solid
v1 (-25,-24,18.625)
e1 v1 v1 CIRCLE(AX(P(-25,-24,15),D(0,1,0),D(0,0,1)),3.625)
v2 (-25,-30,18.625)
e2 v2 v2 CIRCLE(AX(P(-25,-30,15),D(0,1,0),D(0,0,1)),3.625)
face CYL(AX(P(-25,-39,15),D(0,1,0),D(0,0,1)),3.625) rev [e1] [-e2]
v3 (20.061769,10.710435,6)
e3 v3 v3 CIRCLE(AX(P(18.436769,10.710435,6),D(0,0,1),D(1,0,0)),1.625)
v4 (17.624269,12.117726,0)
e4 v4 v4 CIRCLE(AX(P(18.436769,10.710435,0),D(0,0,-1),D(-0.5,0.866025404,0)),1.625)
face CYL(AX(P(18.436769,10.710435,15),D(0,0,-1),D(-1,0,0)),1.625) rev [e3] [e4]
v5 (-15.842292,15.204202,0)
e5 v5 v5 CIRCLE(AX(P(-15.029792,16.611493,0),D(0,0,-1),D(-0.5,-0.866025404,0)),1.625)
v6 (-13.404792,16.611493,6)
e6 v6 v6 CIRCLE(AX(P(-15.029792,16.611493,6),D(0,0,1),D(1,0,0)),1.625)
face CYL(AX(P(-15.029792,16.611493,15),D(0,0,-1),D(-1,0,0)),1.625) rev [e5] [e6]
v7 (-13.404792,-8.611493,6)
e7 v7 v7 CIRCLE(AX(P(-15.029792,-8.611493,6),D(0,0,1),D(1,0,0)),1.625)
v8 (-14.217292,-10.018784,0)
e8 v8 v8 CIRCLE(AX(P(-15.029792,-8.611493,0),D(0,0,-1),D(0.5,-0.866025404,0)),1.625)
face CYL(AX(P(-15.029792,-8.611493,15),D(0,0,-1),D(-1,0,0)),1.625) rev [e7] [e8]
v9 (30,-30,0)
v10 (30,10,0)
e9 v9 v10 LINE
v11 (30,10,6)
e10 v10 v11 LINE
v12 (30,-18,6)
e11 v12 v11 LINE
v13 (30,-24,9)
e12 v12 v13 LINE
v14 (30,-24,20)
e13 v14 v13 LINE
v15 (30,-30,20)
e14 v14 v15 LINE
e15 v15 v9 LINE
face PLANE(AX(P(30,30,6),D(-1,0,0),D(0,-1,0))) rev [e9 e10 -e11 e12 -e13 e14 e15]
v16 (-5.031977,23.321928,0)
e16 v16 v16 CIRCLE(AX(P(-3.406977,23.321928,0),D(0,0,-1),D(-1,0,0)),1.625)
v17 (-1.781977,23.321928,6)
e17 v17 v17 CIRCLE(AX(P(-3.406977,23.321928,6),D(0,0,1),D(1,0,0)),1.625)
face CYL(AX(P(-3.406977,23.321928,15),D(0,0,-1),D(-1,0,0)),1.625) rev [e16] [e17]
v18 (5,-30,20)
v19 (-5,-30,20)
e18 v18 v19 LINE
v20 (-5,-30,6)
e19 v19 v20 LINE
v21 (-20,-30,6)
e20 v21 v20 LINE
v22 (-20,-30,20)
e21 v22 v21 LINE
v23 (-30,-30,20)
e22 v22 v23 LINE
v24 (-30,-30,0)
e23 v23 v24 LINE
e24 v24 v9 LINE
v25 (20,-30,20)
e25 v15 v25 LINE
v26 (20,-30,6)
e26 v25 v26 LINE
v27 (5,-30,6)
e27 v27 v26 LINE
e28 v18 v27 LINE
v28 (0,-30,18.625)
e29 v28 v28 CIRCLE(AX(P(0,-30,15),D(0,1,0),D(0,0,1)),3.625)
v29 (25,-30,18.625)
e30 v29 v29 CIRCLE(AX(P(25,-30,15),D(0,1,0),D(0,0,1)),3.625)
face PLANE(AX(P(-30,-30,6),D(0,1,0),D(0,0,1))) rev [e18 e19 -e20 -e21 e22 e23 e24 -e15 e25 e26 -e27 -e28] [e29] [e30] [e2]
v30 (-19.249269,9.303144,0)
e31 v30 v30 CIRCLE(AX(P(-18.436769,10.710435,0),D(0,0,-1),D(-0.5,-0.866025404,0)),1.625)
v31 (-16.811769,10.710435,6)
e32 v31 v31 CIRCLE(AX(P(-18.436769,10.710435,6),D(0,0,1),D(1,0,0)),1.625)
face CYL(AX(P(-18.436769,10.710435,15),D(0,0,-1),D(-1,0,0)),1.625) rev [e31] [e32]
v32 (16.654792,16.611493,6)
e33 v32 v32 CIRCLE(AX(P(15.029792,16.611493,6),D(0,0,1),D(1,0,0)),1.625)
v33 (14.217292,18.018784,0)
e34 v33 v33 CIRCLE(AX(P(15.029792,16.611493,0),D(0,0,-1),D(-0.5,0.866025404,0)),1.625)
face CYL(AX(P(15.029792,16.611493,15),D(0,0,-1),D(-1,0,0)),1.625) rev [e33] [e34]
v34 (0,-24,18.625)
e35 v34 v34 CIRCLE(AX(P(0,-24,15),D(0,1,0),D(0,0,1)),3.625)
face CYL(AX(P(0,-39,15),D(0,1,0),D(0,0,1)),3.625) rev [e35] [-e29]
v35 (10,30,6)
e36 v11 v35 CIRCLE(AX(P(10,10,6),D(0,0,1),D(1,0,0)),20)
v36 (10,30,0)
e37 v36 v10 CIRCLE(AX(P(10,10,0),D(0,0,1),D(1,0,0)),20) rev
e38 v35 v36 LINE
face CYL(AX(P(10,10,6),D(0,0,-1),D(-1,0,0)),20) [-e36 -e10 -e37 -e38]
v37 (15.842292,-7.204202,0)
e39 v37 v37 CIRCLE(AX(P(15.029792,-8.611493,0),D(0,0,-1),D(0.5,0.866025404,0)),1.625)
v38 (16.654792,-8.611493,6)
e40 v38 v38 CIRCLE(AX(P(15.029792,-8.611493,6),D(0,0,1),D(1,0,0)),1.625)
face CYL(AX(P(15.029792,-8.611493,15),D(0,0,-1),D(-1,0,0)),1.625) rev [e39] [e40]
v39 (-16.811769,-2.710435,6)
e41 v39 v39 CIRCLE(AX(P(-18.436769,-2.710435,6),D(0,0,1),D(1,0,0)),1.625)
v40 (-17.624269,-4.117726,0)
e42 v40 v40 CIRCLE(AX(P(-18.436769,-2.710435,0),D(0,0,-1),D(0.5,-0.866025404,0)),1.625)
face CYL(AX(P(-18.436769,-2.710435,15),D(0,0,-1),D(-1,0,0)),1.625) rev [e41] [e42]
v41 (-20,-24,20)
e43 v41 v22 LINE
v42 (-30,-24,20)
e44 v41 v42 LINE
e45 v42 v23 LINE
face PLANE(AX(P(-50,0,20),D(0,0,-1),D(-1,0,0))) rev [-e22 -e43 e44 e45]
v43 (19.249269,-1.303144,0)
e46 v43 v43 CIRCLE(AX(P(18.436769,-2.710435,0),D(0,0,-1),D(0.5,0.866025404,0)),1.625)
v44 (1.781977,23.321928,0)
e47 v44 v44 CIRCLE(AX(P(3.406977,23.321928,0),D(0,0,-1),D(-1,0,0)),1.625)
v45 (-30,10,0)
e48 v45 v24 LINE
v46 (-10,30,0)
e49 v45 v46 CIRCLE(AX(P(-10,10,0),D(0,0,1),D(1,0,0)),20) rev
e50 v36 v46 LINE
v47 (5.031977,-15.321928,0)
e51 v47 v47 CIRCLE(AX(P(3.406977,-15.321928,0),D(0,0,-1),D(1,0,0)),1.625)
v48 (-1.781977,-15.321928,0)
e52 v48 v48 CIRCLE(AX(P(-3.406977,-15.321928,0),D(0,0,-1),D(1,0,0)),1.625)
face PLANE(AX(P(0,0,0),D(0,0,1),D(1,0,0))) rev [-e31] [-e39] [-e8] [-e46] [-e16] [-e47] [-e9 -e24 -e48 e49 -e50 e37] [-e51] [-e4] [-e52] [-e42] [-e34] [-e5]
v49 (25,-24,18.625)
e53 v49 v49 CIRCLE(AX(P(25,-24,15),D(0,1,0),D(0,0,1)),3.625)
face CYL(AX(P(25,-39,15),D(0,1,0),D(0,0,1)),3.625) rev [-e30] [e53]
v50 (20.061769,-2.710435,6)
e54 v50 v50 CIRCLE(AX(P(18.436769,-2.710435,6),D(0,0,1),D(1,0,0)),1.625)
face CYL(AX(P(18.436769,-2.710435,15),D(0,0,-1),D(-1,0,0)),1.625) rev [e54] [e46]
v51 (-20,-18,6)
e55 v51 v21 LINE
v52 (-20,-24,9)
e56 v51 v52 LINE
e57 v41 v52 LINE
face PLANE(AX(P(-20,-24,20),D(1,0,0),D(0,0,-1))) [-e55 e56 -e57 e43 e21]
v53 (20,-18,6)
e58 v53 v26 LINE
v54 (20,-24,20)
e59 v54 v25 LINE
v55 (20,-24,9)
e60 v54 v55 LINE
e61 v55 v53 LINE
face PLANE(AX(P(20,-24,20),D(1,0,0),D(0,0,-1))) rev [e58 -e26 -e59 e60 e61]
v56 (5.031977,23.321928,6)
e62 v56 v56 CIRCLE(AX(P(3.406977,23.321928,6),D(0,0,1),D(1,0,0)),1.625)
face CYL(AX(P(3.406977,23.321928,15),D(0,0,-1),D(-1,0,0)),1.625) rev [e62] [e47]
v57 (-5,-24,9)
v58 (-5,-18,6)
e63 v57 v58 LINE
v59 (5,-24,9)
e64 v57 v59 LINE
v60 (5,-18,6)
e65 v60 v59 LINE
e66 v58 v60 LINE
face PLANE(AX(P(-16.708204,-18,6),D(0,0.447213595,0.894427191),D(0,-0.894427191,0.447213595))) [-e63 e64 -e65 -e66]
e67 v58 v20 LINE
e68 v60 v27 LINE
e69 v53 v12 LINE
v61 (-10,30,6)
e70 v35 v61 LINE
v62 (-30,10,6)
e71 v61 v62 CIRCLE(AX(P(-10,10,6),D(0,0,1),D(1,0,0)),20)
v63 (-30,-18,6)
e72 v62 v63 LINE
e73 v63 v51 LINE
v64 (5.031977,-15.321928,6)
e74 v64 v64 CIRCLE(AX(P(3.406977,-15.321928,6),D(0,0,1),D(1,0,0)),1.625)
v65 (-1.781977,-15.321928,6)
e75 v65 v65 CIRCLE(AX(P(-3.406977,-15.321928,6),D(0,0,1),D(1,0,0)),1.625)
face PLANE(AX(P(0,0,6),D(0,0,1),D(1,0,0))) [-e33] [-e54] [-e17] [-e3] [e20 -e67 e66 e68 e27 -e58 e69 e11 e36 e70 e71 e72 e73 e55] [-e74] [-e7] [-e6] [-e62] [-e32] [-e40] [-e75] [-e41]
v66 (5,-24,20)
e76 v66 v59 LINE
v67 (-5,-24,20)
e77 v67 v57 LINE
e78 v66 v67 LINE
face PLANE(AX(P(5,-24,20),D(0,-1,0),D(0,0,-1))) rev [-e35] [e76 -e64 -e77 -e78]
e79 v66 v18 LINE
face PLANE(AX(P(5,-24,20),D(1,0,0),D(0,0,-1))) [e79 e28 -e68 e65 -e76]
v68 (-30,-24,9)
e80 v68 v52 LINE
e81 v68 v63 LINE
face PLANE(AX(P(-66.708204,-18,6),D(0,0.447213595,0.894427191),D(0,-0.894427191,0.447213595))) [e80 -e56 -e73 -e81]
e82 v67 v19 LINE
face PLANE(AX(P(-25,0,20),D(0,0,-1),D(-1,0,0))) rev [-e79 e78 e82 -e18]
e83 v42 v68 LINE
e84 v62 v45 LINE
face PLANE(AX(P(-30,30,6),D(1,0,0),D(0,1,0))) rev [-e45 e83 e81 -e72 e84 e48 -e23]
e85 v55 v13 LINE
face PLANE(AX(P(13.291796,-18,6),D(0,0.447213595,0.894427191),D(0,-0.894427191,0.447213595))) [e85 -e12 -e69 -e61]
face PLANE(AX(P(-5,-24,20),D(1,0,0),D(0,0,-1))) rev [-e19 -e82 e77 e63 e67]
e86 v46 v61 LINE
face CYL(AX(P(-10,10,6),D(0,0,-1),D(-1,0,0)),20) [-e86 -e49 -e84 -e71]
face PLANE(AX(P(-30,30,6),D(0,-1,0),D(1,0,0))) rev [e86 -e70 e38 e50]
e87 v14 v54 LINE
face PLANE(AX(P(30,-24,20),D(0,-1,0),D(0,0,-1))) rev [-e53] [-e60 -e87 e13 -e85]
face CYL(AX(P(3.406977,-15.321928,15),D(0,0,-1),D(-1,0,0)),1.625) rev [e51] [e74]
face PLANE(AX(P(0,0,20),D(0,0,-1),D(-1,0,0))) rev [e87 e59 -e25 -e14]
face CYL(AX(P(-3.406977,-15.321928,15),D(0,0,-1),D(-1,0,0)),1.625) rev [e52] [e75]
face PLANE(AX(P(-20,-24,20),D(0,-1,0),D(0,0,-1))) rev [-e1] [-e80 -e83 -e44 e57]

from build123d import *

# Parameters (mm, degrees)
SKETCH1_W           = 60
SKETCH1_H           = 60
BOSS_EXTRUDE1_DEPTH = 6
SKETCH2_W           = 10
SKETCH2_H           = 6
BOSS_EXTRUDE2_DEPTH = 14
BOSS_EXTRUDE3_DEPTH = 10
SKETCH4_R           = 3.625
CUT_EXTRUDE1_DEPTH  = 15
LPATTERN2_COUNT     = 3
LPATTERN2_PITCH     = 25
SKETCH5_R           = 1.625
CUT_EXTRUDE2_DEPTH  = 15
CIRPATTERN2_COUNT   = 6
FILLET1_R           = 20


with BuildPart() as part:
    # Sketch1 → Boss-Extrude1 (new body)
    with BuildSketch(Plane.XY):
        Rectangle(SKETCH1_W, SKETCH1_H)
    extrude(amount=BOSS_EXTRUDE1_DEPTH)

    # Sketch2 → Boss-Extrude2 (add)
    with BuildSketch(Plane.XY.offset(6)):
        with Locations((25, -27)):
            Rectangle(SKETCH2_W, SKETCH2_H)
    boss_extrude2 = extrude(amount=BOSS_EXTRUDE2_DEPTH)

    # Sketch3 → Boss-Extrude3 (add)
    with BuildSketch(Plane(origin=(30, 0, 0), x_dir=(0, 0, -1), z_dir=(1, 0, 0))):
        Polygon((-6, -18), (-9, -24), (-6, -24), align=None)
    boss_extrude3 = extrude(amount=-BOSS_EXTRUDE3_DEPTH)

    # Sketch4 → Cut-Extrude1 (cut)
    with BuildSketch(Plane(origin=(0, -24, 0), x_dir=(1, 0, 0), z_dir=(0, 1, 0))):
        with Locations((25, -15)):
            Circle(SKETCH4_R)
    cut_extrude1 = extrude(amount=-CUT_EXTRUDE1_DEPTH, mode=Mode.SUBTRACT)

    # LPattern2: Boss-Extrude2, Boss-Extrude3, Cut-Extrude1 ×3
    with Locations(*[(-i * LPATTERN2_PITCH, 0, 0) for i in range(1, LPATTERN2_COUNT)]):
        add(boss_extrude2)
        add(boss_extrude3)
        add(cut_extrude1, mode=Mode.SUBTRACT)

    # Sketch5 → Cut-Extrude2 (cut)
    with BuildSketch(Plane(origin=(0, 0, 0), x_dir=(-1, 0, 0), z_dir=(0, 0, -1))):
        with Locations((3.406977246, 23.321928114)):
            Circle(SKETCH5_R)
        with Locations((-3.406977246, 23.321928114)):
            Circle(SKETCH5_R)
    cut_extrude2 = extrude(amount=-CUT_EXTRUDE2_DEPTH, mode=Mode.SUBTRACT)

    # CirPattern2: Cut-Extrude2 ×6 about axis
    cirpattern2_axis = Axis((0, 4, 0), (0, 0, 1))
    for i in range(1, CIRPATTERN2_COUNT):
        add(cut_extrude2.rotate(cirpattern2_axis, i * 360 / CIRPATTERN2_COUNT), mode=Mode.SUBTRACT)

    # Fillet1
    fillet1_edges = [part.edges().sort_by_distance(p)[0] for p in [
        (-30, 30, 3),
        (30, 30, 3),
    ]]
    fillet(fillet1_edges, radius=FILLET1_R)


solid = part.part
